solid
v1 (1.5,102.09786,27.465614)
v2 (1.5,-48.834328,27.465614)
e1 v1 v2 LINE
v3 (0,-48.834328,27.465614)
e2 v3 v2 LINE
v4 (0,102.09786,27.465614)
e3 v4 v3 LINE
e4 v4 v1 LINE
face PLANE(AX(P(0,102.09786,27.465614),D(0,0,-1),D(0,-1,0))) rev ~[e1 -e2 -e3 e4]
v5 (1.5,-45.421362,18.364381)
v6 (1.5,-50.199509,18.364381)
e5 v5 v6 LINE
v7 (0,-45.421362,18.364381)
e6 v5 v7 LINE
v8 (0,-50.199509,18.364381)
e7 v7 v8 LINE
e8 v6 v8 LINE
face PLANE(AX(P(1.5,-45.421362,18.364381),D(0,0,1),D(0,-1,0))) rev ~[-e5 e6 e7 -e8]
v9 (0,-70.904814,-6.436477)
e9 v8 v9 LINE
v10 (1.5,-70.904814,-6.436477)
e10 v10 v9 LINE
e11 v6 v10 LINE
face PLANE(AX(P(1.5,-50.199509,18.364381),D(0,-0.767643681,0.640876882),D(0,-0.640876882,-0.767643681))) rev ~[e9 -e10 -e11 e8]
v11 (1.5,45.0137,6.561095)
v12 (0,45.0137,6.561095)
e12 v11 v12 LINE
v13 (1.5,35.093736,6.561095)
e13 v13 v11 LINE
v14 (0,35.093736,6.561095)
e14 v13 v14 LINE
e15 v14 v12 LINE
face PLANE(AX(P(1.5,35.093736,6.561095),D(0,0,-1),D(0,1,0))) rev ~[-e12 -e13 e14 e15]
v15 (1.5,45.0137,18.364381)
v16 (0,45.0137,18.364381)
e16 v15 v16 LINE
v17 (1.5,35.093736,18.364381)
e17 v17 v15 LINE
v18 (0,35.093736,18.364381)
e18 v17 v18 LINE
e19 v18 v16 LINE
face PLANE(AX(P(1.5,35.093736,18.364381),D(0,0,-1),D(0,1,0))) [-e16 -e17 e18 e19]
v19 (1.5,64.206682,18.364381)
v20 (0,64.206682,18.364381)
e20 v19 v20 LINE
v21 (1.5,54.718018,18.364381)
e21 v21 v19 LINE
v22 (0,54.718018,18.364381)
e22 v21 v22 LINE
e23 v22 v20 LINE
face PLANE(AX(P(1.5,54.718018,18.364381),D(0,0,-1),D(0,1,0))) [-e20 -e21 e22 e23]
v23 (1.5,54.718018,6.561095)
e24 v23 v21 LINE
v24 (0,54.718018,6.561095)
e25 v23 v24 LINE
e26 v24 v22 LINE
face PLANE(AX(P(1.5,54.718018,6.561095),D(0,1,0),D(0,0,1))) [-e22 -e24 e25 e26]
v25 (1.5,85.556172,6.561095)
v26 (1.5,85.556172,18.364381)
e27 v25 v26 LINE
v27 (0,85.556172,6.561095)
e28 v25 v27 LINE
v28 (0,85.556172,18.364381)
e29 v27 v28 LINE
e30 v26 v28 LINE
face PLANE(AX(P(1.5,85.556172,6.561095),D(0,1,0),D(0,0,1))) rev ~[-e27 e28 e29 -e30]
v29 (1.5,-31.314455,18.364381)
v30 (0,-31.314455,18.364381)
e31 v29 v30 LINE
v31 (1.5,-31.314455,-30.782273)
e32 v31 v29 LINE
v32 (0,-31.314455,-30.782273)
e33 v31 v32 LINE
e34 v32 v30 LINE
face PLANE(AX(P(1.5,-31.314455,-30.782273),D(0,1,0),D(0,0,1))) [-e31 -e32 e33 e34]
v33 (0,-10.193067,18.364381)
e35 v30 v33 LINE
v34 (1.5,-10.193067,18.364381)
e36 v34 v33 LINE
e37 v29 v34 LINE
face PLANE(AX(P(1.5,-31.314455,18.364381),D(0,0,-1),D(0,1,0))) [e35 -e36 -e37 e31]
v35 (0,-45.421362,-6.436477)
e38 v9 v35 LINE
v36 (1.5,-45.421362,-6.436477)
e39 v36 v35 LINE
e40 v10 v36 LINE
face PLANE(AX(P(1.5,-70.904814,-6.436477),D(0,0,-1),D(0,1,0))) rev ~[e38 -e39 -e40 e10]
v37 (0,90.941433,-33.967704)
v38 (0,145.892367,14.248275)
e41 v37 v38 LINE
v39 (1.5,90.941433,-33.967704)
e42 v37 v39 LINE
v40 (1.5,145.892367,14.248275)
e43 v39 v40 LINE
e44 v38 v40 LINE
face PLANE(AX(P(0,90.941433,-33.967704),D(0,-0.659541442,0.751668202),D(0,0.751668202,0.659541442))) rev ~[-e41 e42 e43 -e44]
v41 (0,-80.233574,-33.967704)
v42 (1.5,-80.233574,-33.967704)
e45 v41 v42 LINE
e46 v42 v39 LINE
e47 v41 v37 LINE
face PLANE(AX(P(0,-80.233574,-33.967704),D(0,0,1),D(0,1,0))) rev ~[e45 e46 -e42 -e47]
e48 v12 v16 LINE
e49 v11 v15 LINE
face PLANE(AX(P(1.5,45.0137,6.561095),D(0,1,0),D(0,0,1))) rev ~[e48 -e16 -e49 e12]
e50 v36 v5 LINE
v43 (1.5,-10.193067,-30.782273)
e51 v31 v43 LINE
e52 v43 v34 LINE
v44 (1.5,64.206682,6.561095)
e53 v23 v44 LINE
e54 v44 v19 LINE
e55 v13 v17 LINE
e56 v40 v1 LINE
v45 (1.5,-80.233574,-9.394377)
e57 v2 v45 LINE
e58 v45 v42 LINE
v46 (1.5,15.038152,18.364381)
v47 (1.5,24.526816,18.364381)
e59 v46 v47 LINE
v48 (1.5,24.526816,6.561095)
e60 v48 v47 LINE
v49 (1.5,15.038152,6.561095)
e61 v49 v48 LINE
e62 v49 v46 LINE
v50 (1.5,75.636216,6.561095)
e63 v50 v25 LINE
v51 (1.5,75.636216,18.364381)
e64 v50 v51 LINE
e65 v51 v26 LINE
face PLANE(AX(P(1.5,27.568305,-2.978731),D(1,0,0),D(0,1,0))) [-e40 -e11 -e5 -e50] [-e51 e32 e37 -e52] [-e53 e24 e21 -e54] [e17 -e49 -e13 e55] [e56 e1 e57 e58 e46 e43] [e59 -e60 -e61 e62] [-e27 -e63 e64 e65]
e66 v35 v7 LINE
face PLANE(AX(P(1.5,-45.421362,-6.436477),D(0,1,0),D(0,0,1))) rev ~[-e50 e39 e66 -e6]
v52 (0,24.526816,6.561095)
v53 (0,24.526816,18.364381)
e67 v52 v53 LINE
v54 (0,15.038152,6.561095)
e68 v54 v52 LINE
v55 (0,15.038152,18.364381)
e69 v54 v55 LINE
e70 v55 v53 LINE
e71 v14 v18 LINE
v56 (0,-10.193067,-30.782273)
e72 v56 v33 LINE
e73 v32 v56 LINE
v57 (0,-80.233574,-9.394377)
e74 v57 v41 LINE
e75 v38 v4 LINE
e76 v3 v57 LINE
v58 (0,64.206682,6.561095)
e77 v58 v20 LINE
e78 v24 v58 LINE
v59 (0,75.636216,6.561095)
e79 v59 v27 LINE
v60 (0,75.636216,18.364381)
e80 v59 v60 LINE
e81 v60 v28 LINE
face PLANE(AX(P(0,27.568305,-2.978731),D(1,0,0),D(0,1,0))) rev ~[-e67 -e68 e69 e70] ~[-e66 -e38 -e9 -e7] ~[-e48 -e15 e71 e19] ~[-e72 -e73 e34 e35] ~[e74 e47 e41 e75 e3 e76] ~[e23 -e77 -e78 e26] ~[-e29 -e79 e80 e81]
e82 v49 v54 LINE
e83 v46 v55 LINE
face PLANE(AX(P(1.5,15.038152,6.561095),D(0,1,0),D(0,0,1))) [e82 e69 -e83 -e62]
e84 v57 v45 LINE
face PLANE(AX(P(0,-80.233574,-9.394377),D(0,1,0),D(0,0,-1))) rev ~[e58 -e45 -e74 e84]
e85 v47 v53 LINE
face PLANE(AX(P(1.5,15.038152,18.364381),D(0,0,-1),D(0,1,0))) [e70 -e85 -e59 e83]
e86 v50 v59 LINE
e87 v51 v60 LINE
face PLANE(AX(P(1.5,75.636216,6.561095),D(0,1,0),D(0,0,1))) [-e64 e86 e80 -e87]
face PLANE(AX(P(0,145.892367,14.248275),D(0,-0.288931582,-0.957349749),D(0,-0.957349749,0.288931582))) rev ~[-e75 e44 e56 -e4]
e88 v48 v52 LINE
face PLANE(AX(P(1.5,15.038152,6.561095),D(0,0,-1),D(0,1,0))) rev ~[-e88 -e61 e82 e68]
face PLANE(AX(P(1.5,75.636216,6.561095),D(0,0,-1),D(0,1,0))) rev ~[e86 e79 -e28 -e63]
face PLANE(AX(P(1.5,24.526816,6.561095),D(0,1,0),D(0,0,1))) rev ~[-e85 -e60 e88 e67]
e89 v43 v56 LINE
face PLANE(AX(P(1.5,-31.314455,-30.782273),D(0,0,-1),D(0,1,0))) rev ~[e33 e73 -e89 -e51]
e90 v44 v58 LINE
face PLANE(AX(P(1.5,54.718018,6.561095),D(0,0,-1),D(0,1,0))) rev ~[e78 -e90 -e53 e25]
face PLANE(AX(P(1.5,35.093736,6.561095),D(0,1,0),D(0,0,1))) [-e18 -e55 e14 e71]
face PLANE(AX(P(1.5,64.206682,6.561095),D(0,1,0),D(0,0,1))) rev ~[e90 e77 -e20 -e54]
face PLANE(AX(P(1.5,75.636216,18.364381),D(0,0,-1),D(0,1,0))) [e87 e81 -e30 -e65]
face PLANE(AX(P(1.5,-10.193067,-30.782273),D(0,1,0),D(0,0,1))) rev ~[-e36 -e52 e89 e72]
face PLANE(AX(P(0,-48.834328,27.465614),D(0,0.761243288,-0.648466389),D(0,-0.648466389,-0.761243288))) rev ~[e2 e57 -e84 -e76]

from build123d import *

# Parameters (mm, degrees)
F1_DEPTH = 1.5
F2_W     = 21.121388
F2_H     = 49.146654
F2_W_2   = 9.488664
F2_H_2   = 11.803286
F2_W_3   = 9.919964
F2_W_4   = 9.919956
F3_DEPTH = 1.5


with BuildPart() as f1:
    # F0 (on Right) → F1 (new body)
    with BuildSketch(Plane.YZ):
        Polygon((-80.233574, -9.394377), (-80.233574, -33.967704), (90.941433, -33.967704), (145.892367, 14.248275), (102.09786, 27.465614), (-48.834328, 27.465614), align=None)
    extrude(amount=F1_DEPTH)

    # F2 (on face) → F3 (cut)
    with BuildSketch(Plane.YZ.offset(1.5)):
        Polygon((-50.199509, 18.364381), (-70.904814, -6.436477), (-45.421362, -6.436477), (-45.421362, 18.364381), align=None)
        with Locations((-20.753761, -6.208946)):
            Rectangle(F2_W, F2_H)
        with Locations((19.782484, 12.462738)):
            Rectangle(F2_W_2, F2_H_2)
        with Locations((40.053718, 12.462738)):
            Rectangle(F2_W_3, F2_H_2)
        with Locations((59.46235, 12.462738)):
            Rectangle(F2_W_2, F2_H_2)
        with Locations((80.596194, 12.462738)):
            Rectangle(F2_W_4, F2_H_2)
    extrude(amount=-F3_DEPTH, mode=Mode.SUBTRACT)


solid = f1.part
